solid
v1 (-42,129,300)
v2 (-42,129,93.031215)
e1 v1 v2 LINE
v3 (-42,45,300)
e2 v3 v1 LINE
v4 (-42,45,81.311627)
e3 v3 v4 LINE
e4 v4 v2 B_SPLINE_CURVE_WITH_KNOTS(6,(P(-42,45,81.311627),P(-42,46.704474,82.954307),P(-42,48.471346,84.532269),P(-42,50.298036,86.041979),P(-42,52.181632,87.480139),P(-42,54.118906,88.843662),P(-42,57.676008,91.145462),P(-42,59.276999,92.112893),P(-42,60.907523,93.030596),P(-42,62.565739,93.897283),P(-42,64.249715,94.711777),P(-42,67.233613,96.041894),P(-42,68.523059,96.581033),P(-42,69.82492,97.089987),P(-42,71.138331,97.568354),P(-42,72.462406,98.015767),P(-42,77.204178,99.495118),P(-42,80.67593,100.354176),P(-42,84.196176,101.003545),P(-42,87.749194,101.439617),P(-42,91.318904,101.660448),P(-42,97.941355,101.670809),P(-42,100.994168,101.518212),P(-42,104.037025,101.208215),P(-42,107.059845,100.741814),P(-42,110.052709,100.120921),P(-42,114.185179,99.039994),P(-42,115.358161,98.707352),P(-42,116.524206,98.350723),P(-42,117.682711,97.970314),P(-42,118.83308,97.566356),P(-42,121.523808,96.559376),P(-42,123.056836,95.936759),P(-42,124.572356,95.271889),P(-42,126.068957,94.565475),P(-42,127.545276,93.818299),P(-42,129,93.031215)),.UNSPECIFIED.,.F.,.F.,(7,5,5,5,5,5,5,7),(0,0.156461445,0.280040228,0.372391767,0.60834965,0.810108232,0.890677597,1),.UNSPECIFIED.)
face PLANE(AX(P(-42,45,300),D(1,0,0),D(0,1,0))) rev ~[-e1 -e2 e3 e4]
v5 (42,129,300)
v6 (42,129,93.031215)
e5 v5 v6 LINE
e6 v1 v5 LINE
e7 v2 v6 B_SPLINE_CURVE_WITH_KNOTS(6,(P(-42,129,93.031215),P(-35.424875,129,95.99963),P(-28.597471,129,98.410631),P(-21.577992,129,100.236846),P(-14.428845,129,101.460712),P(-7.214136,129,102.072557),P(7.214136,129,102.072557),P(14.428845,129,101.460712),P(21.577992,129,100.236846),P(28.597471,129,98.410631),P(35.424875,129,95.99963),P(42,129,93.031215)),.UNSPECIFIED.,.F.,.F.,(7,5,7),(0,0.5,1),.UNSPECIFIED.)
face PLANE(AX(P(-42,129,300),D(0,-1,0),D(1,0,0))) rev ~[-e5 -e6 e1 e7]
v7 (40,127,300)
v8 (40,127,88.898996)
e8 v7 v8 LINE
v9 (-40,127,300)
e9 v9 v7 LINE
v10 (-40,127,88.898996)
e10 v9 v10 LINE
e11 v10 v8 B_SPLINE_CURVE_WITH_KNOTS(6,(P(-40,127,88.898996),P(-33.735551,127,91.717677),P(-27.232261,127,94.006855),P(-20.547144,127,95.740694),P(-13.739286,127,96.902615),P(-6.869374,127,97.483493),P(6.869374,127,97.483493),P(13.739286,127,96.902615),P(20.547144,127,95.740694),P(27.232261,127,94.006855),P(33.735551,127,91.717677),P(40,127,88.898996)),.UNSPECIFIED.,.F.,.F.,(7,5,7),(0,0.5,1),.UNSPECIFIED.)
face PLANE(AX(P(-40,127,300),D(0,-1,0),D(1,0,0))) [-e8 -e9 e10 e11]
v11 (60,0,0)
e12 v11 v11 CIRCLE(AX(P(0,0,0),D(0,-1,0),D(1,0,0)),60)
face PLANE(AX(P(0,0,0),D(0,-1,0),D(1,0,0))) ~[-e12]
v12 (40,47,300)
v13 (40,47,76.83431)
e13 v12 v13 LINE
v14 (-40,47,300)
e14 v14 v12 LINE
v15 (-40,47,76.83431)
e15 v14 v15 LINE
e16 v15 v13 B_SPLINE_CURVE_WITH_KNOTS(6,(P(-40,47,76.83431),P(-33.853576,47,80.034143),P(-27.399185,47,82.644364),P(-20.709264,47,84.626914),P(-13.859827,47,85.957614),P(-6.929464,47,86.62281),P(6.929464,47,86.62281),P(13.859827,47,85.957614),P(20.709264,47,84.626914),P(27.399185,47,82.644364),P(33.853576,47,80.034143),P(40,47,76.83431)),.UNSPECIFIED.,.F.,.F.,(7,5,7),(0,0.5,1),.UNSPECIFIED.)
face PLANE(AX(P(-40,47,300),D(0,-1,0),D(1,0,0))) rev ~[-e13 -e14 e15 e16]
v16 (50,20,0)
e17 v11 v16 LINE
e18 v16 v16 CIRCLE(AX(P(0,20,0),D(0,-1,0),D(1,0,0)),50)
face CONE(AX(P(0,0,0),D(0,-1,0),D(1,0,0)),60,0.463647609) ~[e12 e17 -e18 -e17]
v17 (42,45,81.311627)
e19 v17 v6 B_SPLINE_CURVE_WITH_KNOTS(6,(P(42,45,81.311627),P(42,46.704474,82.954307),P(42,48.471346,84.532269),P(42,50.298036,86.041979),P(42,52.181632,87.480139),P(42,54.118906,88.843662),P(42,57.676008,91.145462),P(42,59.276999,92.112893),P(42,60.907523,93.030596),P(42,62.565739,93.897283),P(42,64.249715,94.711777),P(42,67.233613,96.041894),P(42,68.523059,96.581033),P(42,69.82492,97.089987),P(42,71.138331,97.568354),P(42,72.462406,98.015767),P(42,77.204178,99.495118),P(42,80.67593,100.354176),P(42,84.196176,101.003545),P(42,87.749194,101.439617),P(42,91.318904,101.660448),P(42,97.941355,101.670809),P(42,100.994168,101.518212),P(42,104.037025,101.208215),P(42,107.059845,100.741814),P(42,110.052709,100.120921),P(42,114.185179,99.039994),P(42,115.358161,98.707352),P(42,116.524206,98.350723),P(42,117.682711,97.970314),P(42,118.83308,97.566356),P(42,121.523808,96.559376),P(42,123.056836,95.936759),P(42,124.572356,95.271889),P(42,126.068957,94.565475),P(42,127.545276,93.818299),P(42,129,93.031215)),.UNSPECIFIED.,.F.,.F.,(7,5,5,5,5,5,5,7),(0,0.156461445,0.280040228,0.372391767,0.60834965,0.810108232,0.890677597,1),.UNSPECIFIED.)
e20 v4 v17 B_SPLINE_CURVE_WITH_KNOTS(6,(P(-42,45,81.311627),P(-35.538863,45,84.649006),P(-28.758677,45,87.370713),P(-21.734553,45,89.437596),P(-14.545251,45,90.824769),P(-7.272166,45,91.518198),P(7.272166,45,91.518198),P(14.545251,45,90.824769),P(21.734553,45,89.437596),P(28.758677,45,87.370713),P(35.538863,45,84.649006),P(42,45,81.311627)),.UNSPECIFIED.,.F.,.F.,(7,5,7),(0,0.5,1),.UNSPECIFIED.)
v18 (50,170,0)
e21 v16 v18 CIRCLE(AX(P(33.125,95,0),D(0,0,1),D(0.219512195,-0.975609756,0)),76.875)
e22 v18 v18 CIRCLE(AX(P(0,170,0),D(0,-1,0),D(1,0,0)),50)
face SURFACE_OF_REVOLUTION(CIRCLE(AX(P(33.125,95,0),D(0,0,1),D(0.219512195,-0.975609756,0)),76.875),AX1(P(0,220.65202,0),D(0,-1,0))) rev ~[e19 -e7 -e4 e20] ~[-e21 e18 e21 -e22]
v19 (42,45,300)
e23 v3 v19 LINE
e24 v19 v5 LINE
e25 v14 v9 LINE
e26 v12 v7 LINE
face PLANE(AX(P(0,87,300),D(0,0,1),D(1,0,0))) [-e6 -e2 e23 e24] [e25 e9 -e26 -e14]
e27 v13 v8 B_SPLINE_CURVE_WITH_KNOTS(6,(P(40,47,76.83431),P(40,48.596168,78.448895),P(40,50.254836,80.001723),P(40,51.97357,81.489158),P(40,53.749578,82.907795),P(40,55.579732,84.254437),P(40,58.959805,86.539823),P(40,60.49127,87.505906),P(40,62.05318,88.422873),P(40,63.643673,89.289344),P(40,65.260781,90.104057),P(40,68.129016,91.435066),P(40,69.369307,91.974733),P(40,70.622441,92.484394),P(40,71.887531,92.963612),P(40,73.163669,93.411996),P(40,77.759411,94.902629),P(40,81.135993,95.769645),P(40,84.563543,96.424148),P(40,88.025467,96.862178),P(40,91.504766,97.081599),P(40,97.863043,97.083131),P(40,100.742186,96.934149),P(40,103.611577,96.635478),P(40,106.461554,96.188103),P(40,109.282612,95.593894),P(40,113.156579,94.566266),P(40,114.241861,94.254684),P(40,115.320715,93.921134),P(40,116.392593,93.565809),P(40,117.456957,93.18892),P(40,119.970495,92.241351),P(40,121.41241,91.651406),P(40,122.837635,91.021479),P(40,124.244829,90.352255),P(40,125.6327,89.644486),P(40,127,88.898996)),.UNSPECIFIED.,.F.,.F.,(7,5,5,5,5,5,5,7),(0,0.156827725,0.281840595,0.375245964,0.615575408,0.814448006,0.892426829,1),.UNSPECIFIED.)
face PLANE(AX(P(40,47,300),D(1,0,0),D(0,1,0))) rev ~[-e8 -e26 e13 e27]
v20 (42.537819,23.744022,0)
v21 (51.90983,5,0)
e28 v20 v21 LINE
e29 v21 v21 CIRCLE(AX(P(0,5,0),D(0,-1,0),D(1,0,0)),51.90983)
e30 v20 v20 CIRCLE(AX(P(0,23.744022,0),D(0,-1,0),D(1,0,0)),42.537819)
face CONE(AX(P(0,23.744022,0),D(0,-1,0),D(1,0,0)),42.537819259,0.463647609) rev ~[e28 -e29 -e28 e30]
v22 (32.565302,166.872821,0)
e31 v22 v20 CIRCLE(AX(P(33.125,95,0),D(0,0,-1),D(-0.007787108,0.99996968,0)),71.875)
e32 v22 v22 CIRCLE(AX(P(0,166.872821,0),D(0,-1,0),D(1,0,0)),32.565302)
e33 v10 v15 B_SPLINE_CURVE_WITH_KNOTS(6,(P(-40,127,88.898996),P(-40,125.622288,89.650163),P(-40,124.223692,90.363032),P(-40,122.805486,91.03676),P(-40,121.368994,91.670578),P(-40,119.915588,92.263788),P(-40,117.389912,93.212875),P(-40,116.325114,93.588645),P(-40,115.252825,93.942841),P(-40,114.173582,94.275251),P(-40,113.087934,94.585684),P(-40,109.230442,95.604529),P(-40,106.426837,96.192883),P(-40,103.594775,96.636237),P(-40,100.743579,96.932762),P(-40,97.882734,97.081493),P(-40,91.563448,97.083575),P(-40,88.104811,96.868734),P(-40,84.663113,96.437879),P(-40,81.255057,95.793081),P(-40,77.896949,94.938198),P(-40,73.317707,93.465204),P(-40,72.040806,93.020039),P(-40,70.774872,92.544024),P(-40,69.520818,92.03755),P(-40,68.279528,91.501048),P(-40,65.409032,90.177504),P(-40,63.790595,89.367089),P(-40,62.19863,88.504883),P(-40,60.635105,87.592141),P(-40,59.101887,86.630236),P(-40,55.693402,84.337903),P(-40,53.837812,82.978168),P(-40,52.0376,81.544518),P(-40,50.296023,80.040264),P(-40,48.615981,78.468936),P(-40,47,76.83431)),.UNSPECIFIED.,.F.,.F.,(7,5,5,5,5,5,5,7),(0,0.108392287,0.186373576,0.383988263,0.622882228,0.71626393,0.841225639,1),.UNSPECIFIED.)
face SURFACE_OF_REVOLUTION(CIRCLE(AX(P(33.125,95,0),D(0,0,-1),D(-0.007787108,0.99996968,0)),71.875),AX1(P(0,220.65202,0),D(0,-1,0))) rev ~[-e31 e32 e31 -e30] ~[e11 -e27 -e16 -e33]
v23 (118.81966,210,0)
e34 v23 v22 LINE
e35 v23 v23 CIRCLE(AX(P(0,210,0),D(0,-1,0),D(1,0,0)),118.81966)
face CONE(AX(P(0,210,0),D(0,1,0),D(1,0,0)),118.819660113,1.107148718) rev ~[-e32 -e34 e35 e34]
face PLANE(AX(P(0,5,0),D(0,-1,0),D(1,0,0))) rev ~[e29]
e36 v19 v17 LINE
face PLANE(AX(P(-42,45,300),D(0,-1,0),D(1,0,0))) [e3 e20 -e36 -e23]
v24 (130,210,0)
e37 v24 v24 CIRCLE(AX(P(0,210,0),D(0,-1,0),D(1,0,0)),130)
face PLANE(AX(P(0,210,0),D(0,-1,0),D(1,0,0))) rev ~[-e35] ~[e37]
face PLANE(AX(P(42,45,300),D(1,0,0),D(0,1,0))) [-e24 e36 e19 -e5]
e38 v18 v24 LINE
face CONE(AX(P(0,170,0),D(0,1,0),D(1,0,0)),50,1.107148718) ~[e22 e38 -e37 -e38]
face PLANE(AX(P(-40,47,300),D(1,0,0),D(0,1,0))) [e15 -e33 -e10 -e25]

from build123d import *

# Parameters (mm, degrees)
BOSS_EXTRUDE1_REACH = 432
SKETCH2_W           = 84
SKETCH2_H           = 84
CUT_EXTRUDE2_REACH  = 432
SKETCH4_W           = 80
SKETCH4_H           = 80


with BuildPart() as part:
    # Sketch1 → Revolve3 (revolve)
    with BuildSketch(Plane.XY):
        with BuildLine():
            Line((42.537819259, 23.744021594), (51.909830056, 5))
            Line((51.909830056, 5), (0, 5))
            Line((0, 5), (0, 0))
            Line((0, 0), (60, 0))
            Line((60, 0), (50, 20))
            ThreePointArc((50, 20), (110, 95), (50, 170))
            Line((50, 170), (130, 210))
            Line((130, 210), (118.819660113, 210))
            Line((118.819660113, 210), (32.565301615, 166.872820751))
            ThreePointArc((32.565301615, 166.872820751), (104.826169616, 99.995788292), (42.537819259, 23.744021594))
        make_face()
    revolve(axis=Axis((0, 220.652020313, 0), (0, -1, 0)))

    # Sketch2 → Boss-Extrude1 (add, up to next)
    with BuildSketch(Plane.XY.offset(300), mode=Mode.PRIVATE) as boss_extrude1_sk1:
        with Locations((0, 87)):
            Rectangle(SKETCH2_W, SKETCH2_H)
    boss_extrude1_tool1 = extrude(boss_extrude1_sk1.sketch, amount=-BOSS_EXTRUDE1_REACH, mode=Mode.PRIVATE) - part.part
    add(boss_extrude1_tool1.solids().sort_by_distance((0, 87, 300))[0])

    # Sketch4 → Cut-Extrude2 (cut, up to next)
    with BuildSketch(Plane.XY.offset(300), mode=Mode.PRIVATE) as cut_extrude2_sk1:
        with Locations((0, 87)):
            Rectangle(SKETCH4_W, SKETCH4_H)
    cut_extrude2_tool1 = extrude(cut_extrude2_sk1.sketch, amount=-CUT_EXTRUDE2_REACH, mode=Mode.PRIVATE) & part.part
    add(cut_extrude2_tool1.solids().sort_by_distance((0, 87, 300))[0], mode=Mode.SUBTRACT)


solid = part.part
